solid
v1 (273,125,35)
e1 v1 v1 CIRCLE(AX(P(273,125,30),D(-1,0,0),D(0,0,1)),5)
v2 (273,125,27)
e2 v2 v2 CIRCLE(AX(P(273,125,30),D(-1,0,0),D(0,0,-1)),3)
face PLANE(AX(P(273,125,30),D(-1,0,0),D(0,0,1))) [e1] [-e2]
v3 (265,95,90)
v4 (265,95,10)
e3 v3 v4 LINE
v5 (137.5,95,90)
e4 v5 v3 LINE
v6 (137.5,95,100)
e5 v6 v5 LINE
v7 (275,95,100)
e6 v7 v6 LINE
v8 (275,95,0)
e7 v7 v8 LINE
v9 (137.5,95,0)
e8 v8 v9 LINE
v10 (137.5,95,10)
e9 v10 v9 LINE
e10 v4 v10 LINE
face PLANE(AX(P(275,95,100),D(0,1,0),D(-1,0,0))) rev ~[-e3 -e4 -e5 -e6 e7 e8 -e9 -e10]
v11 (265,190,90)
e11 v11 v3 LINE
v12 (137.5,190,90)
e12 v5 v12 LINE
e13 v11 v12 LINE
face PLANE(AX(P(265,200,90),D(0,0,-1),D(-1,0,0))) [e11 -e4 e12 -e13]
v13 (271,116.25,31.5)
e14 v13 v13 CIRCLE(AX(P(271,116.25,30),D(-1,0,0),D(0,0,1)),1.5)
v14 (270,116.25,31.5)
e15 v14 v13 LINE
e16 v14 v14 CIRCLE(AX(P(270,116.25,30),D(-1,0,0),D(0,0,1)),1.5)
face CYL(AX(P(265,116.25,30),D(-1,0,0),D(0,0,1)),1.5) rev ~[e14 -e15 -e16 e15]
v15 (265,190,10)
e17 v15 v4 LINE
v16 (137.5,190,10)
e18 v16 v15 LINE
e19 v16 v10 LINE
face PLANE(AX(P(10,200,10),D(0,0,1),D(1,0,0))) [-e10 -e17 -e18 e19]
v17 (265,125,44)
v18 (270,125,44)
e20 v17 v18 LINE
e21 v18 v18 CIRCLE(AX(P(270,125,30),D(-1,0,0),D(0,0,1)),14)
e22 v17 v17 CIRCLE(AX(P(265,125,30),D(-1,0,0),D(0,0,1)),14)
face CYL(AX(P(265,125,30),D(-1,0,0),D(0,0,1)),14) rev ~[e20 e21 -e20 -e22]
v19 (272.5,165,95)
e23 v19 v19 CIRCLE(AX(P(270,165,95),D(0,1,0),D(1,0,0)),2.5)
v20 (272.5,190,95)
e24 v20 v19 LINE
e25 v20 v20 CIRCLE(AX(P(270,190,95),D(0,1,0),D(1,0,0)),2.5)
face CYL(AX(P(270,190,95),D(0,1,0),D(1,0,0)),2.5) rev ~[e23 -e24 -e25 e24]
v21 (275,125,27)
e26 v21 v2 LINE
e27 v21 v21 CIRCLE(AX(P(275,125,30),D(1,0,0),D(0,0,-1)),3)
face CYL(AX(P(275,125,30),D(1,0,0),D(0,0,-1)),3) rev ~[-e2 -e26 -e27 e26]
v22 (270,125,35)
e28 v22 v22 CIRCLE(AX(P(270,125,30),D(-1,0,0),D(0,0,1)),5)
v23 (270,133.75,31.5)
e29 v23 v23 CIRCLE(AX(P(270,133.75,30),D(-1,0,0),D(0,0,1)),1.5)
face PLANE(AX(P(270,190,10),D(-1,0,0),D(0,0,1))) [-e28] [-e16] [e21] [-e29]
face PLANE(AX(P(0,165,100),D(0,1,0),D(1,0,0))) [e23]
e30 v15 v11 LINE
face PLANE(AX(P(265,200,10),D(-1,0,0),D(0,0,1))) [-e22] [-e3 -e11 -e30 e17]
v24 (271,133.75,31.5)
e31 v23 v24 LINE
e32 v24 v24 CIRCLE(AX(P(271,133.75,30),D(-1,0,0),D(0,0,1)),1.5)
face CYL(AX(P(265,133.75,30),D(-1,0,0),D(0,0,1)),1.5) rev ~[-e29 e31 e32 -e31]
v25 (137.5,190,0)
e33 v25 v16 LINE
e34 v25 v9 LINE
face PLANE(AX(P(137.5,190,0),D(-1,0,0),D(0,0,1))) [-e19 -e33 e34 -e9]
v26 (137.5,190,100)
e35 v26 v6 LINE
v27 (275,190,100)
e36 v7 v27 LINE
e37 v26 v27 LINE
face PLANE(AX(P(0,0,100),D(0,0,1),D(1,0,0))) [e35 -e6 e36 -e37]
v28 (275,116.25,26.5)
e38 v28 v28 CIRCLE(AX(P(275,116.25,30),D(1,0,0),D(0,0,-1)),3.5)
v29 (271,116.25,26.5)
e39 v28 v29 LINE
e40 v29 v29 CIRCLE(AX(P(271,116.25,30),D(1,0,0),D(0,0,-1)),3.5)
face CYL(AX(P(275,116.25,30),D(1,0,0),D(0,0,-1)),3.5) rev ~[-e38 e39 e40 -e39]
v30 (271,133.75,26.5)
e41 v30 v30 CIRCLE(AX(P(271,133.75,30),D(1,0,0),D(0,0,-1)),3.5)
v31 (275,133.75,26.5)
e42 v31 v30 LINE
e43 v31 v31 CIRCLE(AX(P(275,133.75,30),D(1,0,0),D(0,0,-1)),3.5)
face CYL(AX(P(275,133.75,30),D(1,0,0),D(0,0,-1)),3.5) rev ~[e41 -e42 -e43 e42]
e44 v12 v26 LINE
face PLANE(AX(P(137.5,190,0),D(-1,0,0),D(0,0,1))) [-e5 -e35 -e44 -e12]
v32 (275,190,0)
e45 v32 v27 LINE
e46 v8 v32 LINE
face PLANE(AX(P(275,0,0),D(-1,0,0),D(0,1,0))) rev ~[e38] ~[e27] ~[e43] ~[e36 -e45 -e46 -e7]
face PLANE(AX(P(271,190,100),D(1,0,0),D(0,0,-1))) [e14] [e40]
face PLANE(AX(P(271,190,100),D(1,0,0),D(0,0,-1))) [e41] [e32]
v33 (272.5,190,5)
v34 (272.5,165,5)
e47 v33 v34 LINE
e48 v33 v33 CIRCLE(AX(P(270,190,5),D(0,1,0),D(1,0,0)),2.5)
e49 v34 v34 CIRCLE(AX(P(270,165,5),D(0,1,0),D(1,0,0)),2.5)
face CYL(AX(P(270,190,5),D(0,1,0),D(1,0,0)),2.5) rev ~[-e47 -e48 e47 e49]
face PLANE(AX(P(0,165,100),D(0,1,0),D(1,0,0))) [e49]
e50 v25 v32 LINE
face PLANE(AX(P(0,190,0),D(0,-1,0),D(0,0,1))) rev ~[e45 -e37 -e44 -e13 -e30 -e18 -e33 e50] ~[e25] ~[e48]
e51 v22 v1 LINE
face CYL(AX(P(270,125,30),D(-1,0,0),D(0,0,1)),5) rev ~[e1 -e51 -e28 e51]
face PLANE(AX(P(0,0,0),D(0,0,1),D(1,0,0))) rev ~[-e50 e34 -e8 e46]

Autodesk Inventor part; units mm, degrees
ref_plane "YZ Plane" through (0, 0, 0) normal (1, 0, 0) x (0, 1, 0)
ref_plane "XZ Plane" through (0, 0, 0) normal (0, 1, 0) x (-1, 0, 0)
ref_plane "XY Plane" through (0, 0, 0) normal (0, 0, 1) x (1, 0, 0)
sketch "Sketch1" plane through (0, 0, 0) normal (0, 0, 1) x (1, 0, 0)
  line L0 (0, 0) -> (275, 0)
  line L1 (275, 0) -> (275, 200)
  line L2 (275, 200) -> (0, 200)
  line L3 (0, 200) -> (0, 0)
  dimension "d0" = 275
  dimension "d1" = 200
extrude "Extrusion1" add sketch "Sketch1" along normal blind 20
sketch "Sketch3" plane through (0, 0, 20) normal (0, 0, 1) x (1, 0, 0)
  line L0 (275, 0) -> (275, 200) projected
  line L1 (0, 200) -> (275, 200)
  line L2 (275, 200) -> (275, 0)
  line L3 (275, 0) -> (0, 0)
  line L4 (0, 0) -> (0, 200)
  point P0 (0, 0)
extrude "Extrusion3" add sketch "Sketch3" along normal blind 80
sketch "Sketch4" plane through (0, 0, 0) normal (0, -1, 0) x (1, 0, 0)
  circle A0 centre (47.5, 50) radius 17.5
  circle A1 centre (227.5, 50) radius 17.5
  line L0 (47.5, 50) -> (227.5, 50) construction
  line L1 (0, 0) -> (0, 100) projected
  line L2 (0, 100) -> (275, 100) projected
  point P0 (0, 50)
  point P1 (137.5, 50)
  point P2 (137.5, 100)
  dimension "d10" = 35
  dimension "d11" = 35
  dimension "d12" = 180
extrude "Extrusion4" cut sketch "Sketch4" against normal blind 100 contours A0
sketch "Sketch5" plane through (0, 200, 0) normal (0, 1, 0) x (1, 0, 0)
  line L0 (275, 0) -> (0, 0) projected
  line L1 (0, 0) -> (0, -100) projected
  line L2 (275, -100) -> (0, -100) projected
  line L3 (275, 0) -> (275, -100) projected
  line L4 (265, -90) -> (10, -90)
  line L5 (10, -90) -> (10, -10)
  line L6 (10, -10) -> (265, -10)
  line L7 (265, -10) -> (265, -90)
  point P0 (0, 0)
  dimension "d15" = 10
extrude "Extrusion5" cut sketch "Sketch5" against normal blind 190 contours L4 L5 L6 L7
sketch "Sketch6" plane through (0, 0, 0) normal (-1, 0, 0) x (0, 0, 1)
  line L0 (0, 200) -> (100, 200) projected
  line L1 (0, 200) -> (0, 0) projected
  line L2 (100, 200) -> (0, 200)
  line L3 (0, 200) -> (0, 190)
  line L4 (0, 190) -> (100, 190)
  line L5 (100, 190) -> (100, 200)
  dimension "d18" = 10
extrude "Extrusion6" cut sketch "Sketch6" against normal through all
sketch "Sketch7" plane through (0, 190, 100) normal (0, 1, 0) x (1, 0, 0)
  line L0 (275, 100) -> (275, 0) construction
  line L1 (0, 100) -> (275, 100) construction
  line L2 (0, 0) -> (0, 100) construction
  line L3 (275, 0) -> (0, 0) construction
  line L4 (265, 10) -> (265, 90) construction
  line L5 (10, 10) -> (265, 10) construction
  line L6 (10, 90) -> (10, 10) construction
  line L7 (265, 90) -> (10, 90) construction
  line L8 (270, 5) -> (270, 95) construction
  line L9 (270, 95) -> (5, 95) construction
  line L10 (5, 95) -> (5, 5) construction
  line L11 (5, 5) -> (270, 5) construction
  circle A0 centre (270, 5) radius 2.5
  circle A1 centre (270, 95) radius 2.5
  circle A2 centre (5, 95) radius 2.5
  circle A3 centre (5, 5) radius 2.5
  point P0 (0, 100)
  dimension "d21" = 5
  dimension "d22" = 5
  dimension "d23" = 5
  dimension "d24" = 5
  dimension "d25" = 5
extrude "Extrusion7" cut sketch "Sketch7" against normal blind 25
sketch "Sketch8" plane through (0, 0, 0) normal (0, -1, 0) x (1, 0, 0)
  line L0 (82, 15) -> (85, 15)
  line L1 (85, 15) -> (85, 35)
  line L2 (85, 35) -> (82, 35)
  line L3 (82, 35) -> (82, 15)
  line L4 (0, 0) -> (0, 100) projected
  line L5 (0, 0) -> (275, 0) projected
  line L6 (97, 15) -> (97, 35)
  line L7 (97, 35) -> (94, 35)
  line L8 (94, 35) -> (94, 15)
  line L9 (94, 15) -> (97, 15)
  line L10 (109, 15) -> (109, 35)
  line L11 (109, 35) -> (106, 35)
  line L12 (106, 35) -> (106, 15)
  line L13 (106, 15) -> (109, 15)
  line L14 (121, 15) -> (121, 35)
  line L15 (121, 35) -> (118, 35)
  line L16 (118, 35) -> (118, 15)
  line L17 (118, 15) -> (121, 15)
  line L18 (133, 15) -> (133, 35)
  line L19 (133, 35) -> (130, 35)
  line L20 (130, 35) -> (130, 15)
  line L21 (130, 15) -> (133, 15)
  line L22 (145, 15) -> (145, 35)
  line L23 (145, 35) -> (142, 35)
  line L24 (142, 35) -> (142, 15)
  line L25 (142, 15) -> (145, 15)
  line L26 (157, 15) -> (157, 35)
  line L27 (157, 35) -> (154, 35)
  line L28 (154, 35) -> (154, 15)
  line L29 (154, 15) -> (157, 15)
  line L30 (169, 15) -> (169, 35)
  line L31 (169, 35) -> (166, 35)
  line L32 (166, 35) -> (166, 15)
  line L33 (166, 15) -> (169, 15)
  line L34 (181, 15) -> (181, 35)
  line L35 (181, 35) -> (178, 35)
  line L36 (178, 35) -> (178, 15)
  line L37 (178, 15) -> (181, 15)
  line L38 (193, 15) -> (193, 35)
  line L39 (193, 35) -> (190, 35)
  line L40 (190, 35) -> (190, 15)
  line L41 (190, 15) -> (193, 15)
  line L42 (205, 15) -> (205, 35)
  line L43 (205, 35) -> (202, 35)
  line L44 (202, 35) -> (202, 15)
  line L45 (202, 15) -> (205, 15)
  line L46 (217, 15) -> (217, 35)
  line L47 (217, 35) -> (214, 35)
  line L48 (214, 35) -> (214, 15)
  line L49 (214, 15) -> (217, 15)
  line L50 (229, 15) -> (229, 35)
  line L51 (229, 35) -> (226, 35)
  line L52 (226, 35) -> (226, 15)
  line L53 (226, 15) -> (229, 15)
  line L54 (241, 15) -> (241, 35)
  line L55 (241, 35) -> (238, 35)
  line L56 (238, 35) -> (238, 15)
  line L57 (238, 15) -> (241, 15)
  dimension "d28" = 3
  dimension "d29" = 20
  dimension "d30" = 82
  dimension "d31" = 15
  dimension "d34" = 12
extrude "Extrusion8" cut sketch "Sketch8" against normal through all
sketch "Sketch2" plane through (275, 0, 100) normal (1, 0, 0) x (0, 0, -1)
  circle A0 centre (70, 125) radius 3
  line L0 (100, 0) -> (0, 0) projected
  line L1 (100, 0) -> (100, 190) projected
  dimension "d4" = 6
  dimension "d45" = 125
  dimension "d46" = 30
extrude "Extrusion2" cut sketch "Sketch2" against normal through all
sketch "Sketch10" plane through (0, 190, 100) normal (0, 1, 0) x (1, 0, 0)
  line L0 (0, 100) -> (275, 100) projected
  line L1 (275, 0) -> (0, 0) projected
  line L2 (0, 100) -> (137.5, 100)
  line L3 (137.5, 100) -> (137.5, 0)
  line L4 (137.5, 0) -> (0, 0)
  line L5 (0, 0) -> (0, 100)
extrude "Extrusion10" cut sketch "Sketch10" against normal through all
sketch "Sketch12" plane through (0, 0, 100) normal (0, 0, 1) x (1, 0, 0)
  line L0 (137.5, 0) -> (275, 0) projected
  line L1 (275, 0) -> (275, 190) projected
  line L2 (137.5, 0) -> (275, 0)
  line L3 (275, 0) -> (275, 95)
  line L4 (275, 95) -> (137.5, 95)
  line L5 (137.5, 95) -> (137.5, 0)
  point P0 (0, 0)
  dimension "d52" = 95
extrude "Extrusion11" cut sketch "Sketch12" against normal through all
sketch "Sketch13" plane through (265, 190, 10) normal (-1, 0, 0) x (0, 0, 1)
  circle A0 centre (20, -56.25) radius 1.5
  circle A1 centre (20, -73.75) radius 1.5
  line L0 (20, -56.25) -> (20, -73.75) construction
  circle A2 centre (20, -65) radius 3 projected
  point P0 (-10, -190)
  dimension "d53" = 3
  dimension "d54" = 3
  dimension "d55" = 17.5
extrude "Extrusion12" cut sketch "Sketch13" against normal through all contours A0 | A1
sketch "Sketch14" plane through (265, 190, 10) normal (-1, 0, 0) x (0, 0, 1)
  circle A0 centre (20, -65) radius 14
  circle A1 centre (20, -65) radius 3 projected
  point P0 (-10, -190)
  dimension "d58" = 28
extrude "Extrusion13" cut sketch "Sketch14" against normal blind 5
sketch "Sketch15" plane through (270, 125, 30) normal (-1, 0, 0) x (0, 0, 1)
  circle A0 centre (0, 0) radius 3 projected
  circle A1 centre (0, 0) radius 5
  point P0 (-30, -125)
  dimension "d61" = 10
extrude "Extrusion14" cut sketch "Sketch15" against normal blind 3
sketch "Sketch16" plane through (275, 190, 100) normal (1, 0, 0) x (0, 0, -1)
  circle A0 centre (70, -56.25) radius 1.5 projected
  circle A1 centre (70, -73.75) radius 1.5 projected
  circle A2 centre (70, -56.25) radius 1.5 projected
  circle A3 centre (70, -56.25) radius 3.5
  circle A4 centre (70, -73.75) radius 1.5 projected
  circle A5 centre (70, -73.75) radius 3.5
  point P0 (100, -190)
  dimension "d64" = 7
  dimension "d65" = 7
extrude "Extrusion15" cut sketch "Sketch16" against normal blind 4 contours A0 | A1 | A3 | A5
properties part number "HA005" material "ABS Plastic"
